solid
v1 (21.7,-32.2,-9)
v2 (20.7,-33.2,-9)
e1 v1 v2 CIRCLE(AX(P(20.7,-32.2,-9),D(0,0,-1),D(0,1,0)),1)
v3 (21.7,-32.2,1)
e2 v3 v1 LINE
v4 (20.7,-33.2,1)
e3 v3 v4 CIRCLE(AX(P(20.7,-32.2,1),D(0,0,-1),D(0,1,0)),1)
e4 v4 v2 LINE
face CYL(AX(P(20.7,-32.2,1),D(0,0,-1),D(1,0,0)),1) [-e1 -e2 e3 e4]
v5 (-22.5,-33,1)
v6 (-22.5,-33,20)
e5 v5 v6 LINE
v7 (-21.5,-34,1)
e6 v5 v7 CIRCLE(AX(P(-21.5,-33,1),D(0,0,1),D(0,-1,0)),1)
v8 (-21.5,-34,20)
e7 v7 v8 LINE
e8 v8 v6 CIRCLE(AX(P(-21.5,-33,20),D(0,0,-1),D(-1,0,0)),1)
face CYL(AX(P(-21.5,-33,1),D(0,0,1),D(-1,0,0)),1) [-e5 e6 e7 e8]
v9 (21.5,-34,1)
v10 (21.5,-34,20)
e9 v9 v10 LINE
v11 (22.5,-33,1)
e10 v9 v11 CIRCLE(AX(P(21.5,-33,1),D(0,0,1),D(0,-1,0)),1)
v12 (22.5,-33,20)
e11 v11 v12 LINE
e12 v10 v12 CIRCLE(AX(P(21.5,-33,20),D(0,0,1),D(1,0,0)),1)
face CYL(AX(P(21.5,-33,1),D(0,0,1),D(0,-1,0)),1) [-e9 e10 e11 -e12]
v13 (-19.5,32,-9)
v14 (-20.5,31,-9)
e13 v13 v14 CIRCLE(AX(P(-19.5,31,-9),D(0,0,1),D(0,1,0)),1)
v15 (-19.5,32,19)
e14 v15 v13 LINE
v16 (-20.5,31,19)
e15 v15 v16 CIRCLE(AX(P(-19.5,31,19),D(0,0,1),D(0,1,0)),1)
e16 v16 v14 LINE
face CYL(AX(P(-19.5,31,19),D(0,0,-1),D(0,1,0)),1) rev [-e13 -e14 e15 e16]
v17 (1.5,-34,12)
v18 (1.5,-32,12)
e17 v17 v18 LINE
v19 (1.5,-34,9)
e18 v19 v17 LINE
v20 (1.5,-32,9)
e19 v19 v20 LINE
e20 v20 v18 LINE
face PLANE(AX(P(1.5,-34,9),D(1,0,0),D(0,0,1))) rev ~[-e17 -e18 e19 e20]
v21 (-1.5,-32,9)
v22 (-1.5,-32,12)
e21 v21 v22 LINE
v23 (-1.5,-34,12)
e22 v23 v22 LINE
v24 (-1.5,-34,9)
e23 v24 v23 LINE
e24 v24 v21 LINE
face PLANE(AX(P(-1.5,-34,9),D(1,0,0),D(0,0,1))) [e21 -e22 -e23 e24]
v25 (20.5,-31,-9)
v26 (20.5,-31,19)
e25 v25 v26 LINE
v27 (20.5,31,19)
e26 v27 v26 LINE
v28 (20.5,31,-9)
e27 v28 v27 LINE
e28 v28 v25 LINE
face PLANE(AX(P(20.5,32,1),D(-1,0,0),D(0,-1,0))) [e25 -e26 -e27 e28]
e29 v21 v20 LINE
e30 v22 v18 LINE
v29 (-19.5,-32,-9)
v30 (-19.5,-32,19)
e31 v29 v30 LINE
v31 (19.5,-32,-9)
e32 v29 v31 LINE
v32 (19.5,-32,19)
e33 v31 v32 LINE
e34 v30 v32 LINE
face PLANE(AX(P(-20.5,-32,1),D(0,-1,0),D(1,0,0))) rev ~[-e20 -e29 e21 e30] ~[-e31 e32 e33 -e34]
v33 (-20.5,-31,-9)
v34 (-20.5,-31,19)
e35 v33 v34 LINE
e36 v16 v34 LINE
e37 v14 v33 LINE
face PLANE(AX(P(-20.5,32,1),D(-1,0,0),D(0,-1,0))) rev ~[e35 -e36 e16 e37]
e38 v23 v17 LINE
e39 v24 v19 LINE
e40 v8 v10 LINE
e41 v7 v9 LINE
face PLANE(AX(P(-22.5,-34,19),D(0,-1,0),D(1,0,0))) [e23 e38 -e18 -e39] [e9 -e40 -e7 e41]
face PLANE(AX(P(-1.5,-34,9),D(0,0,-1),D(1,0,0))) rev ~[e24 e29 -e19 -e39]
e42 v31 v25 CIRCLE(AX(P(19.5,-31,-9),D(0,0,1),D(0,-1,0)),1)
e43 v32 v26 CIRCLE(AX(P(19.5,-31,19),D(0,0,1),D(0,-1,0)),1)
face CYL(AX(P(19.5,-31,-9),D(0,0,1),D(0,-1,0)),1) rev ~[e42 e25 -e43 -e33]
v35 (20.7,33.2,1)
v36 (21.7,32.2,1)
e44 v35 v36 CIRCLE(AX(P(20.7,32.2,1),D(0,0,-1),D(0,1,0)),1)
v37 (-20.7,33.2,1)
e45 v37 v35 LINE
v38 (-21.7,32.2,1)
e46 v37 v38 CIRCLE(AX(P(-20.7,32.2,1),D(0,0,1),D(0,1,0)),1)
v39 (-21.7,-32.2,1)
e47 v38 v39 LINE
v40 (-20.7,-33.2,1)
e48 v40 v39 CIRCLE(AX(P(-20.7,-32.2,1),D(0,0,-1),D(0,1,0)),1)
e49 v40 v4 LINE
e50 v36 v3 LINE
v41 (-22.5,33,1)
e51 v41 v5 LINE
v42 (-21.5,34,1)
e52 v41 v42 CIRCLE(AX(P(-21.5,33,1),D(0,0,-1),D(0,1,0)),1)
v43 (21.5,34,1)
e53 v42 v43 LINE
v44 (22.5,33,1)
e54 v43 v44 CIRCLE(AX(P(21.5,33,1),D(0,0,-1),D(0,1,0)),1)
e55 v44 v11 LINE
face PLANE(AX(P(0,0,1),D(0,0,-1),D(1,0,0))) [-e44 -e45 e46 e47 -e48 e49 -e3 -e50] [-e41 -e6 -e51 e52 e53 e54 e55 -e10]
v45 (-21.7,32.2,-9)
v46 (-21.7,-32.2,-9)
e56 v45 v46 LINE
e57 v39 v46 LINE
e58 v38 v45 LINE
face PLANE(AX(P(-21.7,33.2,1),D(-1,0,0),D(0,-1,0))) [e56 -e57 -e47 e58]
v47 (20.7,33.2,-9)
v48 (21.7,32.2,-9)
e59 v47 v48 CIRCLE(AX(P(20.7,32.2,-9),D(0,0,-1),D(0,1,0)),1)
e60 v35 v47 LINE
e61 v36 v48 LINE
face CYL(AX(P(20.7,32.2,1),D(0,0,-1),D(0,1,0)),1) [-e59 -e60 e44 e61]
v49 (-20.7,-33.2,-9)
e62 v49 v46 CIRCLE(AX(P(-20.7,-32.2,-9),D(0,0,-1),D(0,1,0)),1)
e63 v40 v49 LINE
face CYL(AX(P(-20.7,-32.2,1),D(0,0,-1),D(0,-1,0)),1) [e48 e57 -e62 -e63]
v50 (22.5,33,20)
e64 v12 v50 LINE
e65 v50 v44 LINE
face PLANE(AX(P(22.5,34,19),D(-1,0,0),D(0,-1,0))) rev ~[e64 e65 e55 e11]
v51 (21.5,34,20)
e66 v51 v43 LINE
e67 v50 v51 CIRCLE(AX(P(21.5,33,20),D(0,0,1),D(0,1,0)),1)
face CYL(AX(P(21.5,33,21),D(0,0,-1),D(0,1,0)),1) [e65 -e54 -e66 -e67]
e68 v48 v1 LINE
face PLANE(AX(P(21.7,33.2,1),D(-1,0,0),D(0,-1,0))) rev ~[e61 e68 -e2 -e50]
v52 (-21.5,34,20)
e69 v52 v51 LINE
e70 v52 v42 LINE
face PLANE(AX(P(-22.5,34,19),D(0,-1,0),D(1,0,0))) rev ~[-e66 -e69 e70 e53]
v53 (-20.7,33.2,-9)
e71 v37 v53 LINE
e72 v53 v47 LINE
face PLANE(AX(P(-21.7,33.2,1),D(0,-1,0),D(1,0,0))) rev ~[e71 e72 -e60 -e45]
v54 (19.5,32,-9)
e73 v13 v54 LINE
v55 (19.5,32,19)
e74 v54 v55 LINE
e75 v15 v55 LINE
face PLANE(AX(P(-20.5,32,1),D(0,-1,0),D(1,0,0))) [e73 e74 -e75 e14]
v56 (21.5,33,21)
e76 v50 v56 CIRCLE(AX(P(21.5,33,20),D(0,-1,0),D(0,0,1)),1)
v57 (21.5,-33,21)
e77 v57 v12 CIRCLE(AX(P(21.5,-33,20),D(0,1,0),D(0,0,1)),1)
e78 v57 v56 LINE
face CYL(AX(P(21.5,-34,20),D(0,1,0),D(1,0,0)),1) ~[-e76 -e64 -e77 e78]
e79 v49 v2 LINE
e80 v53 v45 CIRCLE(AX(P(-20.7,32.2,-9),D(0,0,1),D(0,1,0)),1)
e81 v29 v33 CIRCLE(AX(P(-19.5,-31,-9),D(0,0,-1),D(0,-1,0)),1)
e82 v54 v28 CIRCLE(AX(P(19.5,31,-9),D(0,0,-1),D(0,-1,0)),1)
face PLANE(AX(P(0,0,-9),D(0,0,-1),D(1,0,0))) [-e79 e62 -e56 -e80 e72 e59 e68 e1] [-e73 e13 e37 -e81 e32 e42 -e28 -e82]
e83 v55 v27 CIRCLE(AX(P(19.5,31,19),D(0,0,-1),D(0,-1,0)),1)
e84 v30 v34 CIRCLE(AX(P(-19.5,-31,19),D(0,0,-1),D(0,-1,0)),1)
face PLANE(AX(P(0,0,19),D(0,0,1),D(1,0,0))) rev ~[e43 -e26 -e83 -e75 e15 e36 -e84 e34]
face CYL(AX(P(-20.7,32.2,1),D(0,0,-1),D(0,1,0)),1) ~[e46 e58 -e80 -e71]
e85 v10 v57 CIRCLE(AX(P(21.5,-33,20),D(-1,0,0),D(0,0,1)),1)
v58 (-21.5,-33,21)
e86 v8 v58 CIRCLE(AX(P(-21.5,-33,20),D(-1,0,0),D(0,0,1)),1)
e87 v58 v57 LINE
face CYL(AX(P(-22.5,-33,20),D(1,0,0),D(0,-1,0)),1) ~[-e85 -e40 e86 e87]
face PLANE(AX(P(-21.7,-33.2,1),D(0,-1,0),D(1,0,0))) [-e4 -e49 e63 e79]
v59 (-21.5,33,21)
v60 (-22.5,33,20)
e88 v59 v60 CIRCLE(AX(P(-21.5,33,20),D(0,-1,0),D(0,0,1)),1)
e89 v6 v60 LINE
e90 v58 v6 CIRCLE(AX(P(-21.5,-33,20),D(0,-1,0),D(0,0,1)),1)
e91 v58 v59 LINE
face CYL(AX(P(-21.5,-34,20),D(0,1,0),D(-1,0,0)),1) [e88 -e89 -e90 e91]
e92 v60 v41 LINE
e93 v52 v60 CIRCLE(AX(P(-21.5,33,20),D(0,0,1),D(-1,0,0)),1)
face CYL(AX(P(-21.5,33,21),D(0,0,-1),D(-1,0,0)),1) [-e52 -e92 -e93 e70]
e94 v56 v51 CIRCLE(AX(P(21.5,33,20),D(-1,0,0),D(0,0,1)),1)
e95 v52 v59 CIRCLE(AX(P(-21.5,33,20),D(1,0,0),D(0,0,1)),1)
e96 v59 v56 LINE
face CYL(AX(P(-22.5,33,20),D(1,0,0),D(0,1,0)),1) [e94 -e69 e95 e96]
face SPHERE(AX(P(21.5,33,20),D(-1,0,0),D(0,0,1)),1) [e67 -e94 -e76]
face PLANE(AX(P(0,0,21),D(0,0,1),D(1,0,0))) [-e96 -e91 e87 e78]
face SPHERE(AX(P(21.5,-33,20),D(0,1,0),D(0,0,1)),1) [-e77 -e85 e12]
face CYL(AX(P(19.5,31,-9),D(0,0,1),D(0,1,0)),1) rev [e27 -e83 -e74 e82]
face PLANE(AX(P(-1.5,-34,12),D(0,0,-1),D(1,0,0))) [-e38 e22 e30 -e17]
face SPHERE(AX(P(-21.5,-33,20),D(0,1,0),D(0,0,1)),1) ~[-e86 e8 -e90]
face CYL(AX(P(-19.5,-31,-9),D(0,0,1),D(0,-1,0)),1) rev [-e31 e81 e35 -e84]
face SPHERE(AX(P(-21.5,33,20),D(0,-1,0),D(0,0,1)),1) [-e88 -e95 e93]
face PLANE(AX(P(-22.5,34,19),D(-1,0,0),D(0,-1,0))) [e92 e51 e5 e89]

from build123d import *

# Parameters (mm, degrees)
SKETCH011_W     = 45
SKETCH011_H     = 68
PAD007_DEPTH    = 2
SKETCH012_W     = 45
SKETCH012_H     = 68
SKETCH012_W_2   = 41
SKETCH012_H_2   = 64
PAD008_DEPTH    = 18
SKETCH013_W     = 43.4
SKETCH013_H     = 66.4
SKETCH013_W_2   = 41
SKETCH013_H_2   = 64
PAD009_DEPTH    = 10
SKETCH014_W     = 3
SKETCH014_H     = 3
POCKET004_DEPTH = 5
FILLET_R        = 1
FILLET002_R     = 1


with BuildPart() as part:
    # Sketch011 → Pad007 (new body)
    with BuildSketch(Plane.XY):
        Rectangle(SKETCH011_W, SKETCH011_H)
    extrude(amount=-PAD007_DEPTH)

    # Sketch012 (on Face6 of Pad007) → Pad008 (join)
    with BuildSketch(Plane(origin=(0, 0, -2), x_dir=(1, 0, 0), z_dir=(0, 0, -1))):
        Rectangle(SKETCH012_W, SKETCH012_H)
        Rectangle(SKETCH012_W_2, SKETCH012_H_2, mode=Mode.SUBTRACT)
    extrude(amount=PAD008_DEPTH)

    # Sketch013 (on Face9 of Pad008) → Pad009 (join)
    with BuildSketch(Plane(origin=(0, 0, -20), x_dir=(1, 0, 0), z_dir=(0, 0, -1))):
        Rectangle(SKETCH013_W, SKETCH013_H)
        Rectangle(SKETCH013_W_2, SKETCH013_H_2, mode=Mode.SUBTRACT)
    extrude(amount=PAD009_DEPTH)

    # Sketch014 (on Face10 of Pad009) → Pocket004 (cut)
    with BuildSketch(Plane.XZ.offset(34)):
        with Locations((0, -10.5)):
            Rectangle(SKETCH014_W, SKETCH014_H)
    extrude(amount=-POCKET004_DEPTH, mode=Mode.SUBTRACT)

    # Fillet
    fillet_edges = [part.edges().sort_by_distance(p)[0] for p in [
        (-22.5, 0, 0),
        (0, 34, 0),
        (22.5, 0, 0),
        (0, -34, 0),
        (-22.5, -34, -11),
        (-22.5, 34, -11),
        (22.5, -34, -11),
        (22.5, 34, -11),
    ]]
    fillet(fillet_edges, radius=FILLET_R)

    # Fillet002
    fillet002_edges = [part.edges().sort_by_distance(p)[0] for p in [
        (-20.5, -32, -25),
        (-21.7, -33.2, -25),
        (21.7, -33.2, -25),
        (20.5, -32, -25),
        (21.7, 33.2, -25),
        (20.5, 32, -25),
        (-21.7, 33.2, -25),
        (-20.5, 32, -25),
    ]]
    fillet(fillet002_edges, radius=FILLET002_R)


with BuildPart() as part_1:
    # Body002 placement: moved
    add(part.part.moved(Location((0, 0, 21))))


solid = part_1.part
